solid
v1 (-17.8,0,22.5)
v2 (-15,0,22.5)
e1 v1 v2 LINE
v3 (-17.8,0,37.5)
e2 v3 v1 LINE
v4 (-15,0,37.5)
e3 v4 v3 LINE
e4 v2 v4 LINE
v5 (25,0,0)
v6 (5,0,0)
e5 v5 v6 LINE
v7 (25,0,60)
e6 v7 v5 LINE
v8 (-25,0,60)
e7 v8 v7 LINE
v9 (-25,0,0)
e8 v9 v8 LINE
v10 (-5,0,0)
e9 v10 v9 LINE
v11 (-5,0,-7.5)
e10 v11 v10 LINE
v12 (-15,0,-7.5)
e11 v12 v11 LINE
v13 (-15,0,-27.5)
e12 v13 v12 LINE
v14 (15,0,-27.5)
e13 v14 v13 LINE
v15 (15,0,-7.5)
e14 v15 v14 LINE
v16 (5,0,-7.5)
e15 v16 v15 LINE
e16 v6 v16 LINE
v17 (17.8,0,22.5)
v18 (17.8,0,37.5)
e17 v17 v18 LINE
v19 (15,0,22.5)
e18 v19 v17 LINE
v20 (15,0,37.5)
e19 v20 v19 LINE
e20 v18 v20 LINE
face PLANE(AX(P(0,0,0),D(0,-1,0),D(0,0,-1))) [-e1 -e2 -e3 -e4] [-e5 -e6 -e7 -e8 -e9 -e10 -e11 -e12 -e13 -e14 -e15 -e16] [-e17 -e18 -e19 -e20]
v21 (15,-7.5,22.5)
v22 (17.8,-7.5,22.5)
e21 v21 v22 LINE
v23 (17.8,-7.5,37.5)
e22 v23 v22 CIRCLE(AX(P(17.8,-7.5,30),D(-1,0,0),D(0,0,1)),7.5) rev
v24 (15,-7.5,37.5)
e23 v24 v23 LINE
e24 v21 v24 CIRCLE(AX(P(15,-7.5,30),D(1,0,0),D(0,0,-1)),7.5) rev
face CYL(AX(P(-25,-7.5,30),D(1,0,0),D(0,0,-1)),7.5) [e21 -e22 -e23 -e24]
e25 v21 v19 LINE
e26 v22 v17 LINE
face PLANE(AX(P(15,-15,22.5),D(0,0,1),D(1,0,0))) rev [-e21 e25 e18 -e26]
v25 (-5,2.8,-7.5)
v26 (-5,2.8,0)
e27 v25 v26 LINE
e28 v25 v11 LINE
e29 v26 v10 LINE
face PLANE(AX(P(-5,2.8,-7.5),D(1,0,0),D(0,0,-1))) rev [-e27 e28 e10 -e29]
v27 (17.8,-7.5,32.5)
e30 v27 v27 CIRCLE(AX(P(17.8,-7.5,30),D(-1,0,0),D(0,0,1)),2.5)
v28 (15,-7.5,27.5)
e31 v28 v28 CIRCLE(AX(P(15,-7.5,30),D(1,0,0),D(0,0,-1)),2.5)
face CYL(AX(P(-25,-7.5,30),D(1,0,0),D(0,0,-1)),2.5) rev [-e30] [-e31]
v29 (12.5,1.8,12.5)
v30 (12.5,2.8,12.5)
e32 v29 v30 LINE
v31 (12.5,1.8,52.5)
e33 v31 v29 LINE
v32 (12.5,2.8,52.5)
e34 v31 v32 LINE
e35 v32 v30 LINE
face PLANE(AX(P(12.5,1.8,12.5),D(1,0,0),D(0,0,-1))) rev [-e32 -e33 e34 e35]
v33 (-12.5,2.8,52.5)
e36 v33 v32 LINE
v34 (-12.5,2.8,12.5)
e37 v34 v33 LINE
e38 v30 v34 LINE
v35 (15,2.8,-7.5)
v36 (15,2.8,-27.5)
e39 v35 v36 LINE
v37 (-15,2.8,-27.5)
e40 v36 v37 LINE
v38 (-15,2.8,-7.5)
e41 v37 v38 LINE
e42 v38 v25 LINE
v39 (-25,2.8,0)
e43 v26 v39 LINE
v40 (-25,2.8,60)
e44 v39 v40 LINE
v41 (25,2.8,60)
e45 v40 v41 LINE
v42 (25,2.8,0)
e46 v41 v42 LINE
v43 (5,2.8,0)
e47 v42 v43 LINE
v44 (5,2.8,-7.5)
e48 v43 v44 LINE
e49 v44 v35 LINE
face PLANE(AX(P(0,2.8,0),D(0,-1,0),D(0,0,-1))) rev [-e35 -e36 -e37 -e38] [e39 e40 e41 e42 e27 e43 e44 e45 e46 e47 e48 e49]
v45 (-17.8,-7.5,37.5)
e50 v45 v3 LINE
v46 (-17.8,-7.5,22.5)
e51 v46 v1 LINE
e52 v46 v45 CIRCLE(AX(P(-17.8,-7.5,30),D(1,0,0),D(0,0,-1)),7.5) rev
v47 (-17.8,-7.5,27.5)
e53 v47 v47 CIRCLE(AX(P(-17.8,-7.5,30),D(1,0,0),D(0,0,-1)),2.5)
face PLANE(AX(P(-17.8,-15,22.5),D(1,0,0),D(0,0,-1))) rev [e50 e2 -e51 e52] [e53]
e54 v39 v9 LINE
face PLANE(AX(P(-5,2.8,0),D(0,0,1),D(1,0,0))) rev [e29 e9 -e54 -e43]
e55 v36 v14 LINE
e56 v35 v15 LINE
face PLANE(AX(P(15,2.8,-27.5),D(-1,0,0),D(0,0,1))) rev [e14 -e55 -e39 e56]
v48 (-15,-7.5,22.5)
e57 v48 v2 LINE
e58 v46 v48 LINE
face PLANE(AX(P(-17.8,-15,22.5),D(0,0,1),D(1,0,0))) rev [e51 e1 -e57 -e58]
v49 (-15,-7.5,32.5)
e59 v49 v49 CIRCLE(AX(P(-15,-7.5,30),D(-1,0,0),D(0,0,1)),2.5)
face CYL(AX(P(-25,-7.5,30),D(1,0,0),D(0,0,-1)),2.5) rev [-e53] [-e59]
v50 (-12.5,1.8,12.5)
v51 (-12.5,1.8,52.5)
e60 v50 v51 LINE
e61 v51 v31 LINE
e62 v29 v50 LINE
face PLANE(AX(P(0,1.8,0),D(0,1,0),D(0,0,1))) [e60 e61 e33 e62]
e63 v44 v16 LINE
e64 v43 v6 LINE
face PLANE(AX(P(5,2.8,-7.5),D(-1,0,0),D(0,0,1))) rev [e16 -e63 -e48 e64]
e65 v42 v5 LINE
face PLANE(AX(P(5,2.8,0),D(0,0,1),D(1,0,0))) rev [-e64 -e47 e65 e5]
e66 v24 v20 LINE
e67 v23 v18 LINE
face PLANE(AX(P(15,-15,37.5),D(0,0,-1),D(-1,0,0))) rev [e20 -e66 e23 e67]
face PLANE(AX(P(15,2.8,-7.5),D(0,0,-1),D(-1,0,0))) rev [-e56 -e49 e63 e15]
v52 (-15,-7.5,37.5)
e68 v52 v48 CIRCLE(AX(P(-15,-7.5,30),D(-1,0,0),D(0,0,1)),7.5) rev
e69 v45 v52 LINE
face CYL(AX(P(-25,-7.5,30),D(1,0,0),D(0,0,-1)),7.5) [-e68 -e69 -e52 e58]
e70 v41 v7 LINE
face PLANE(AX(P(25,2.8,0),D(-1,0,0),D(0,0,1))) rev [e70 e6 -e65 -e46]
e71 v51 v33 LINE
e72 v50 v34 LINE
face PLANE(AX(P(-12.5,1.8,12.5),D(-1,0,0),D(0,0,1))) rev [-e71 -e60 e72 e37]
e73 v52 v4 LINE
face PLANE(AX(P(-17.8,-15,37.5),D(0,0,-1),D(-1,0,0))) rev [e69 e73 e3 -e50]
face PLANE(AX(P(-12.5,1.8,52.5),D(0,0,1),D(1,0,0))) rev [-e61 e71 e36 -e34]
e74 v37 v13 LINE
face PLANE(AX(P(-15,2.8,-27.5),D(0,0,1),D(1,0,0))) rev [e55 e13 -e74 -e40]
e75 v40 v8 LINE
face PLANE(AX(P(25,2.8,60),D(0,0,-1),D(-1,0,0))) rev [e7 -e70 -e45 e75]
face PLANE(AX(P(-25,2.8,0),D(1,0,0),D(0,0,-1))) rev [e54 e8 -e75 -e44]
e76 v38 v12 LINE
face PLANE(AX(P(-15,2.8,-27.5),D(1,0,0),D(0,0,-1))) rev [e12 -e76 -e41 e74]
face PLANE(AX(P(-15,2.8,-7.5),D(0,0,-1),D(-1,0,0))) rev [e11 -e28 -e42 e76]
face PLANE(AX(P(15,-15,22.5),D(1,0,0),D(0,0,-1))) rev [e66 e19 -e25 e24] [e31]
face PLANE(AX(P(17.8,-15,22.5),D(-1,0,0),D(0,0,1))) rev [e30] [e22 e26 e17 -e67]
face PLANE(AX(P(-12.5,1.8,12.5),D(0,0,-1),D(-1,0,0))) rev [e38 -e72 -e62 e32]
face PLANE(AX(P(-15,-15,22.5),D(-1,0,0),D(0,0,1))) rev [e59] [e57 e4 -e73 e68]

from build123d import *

# Parameters (mm, degrees)
BOSS_EXTRUDE1_DEPTH     = 2.8
SKETCH3_W               = 25
SKETCH3_H               = 40
CUT_EXTRUDE1_DEPTH      = 1
SKETCH4_W               = 2.8
SKETCH4_H               = 15
BOSS_EXTRUDE2_DEPTH     = 15
CUT_EXTRUDE2_DEPTH      = 76.211967133
CUT_EXTRUDE2_DEPTH_BACK = 76.211967133
SKETCH5_R               = 2.5


with BuildPart() as part:
    # Sketch2 → Boss-Extrude1 (new body)
    with BuildSketch(Plane(origin=(0, 0, 0), x_dir=(1, 0, 0), z_dir=(0, 1, 0))):
        Polygon((-15, 27.5), (15, 27.5), (15, 7.5), (5, 7.5), (5, 0), (25, 0), (25, -60), (-25, -60), (-25, 0), (-5, 0), (-5, 7.5), (-15, 7.5), align=None)
    extrude(amount=BOSS_EXTRUDE1_DEPTH)

    # Sketch3 → Cut-Extrude1 (cut)
    with BuildSketch(Plane(origin=(0, 2.8, 0), x_dir=(1, 0, 0), z_dir=(0, 1, 0))):
        with Locations((0, -32.5)):
            Rectangle(SKETCH3_W, SKETCH3_H)
    extrude(amount=-CUT_EXTRUDE1_DEPTH, mode=Mode.SUBTRACT)

    # Sketch4 → Boss-Extrude2 (add)
    with BuildSketch(Plane.XZ):
        with Locations((16.4, 30)):
            Rectangle(SKETCH4_W, SKETCH4_H)
        with Locations((-16.4, 30)):
            Rectangle(SKETCH4_W, SKETCH4_H)
    extrude(amount=BOSS_EXTRUDE2_DEPTH)

    # Sketch5 → Cut-Extrude2 (cut, two sides: drawn at the far end of the back side and taken through both)
    with BuildSketch(Plane(origin=(17.8, 0, 0), x_dir=(0, 0, -1), z_dir=(1, 0, 0)).offset(-CUT_EXTRUDE2_DEPTH_BACK)):
        with Locations((-30, -7.5)):
            Circle(SKETCH5_R)
        with BuildLine():
            Line((-22.5, -16.5), (-37.5, -16.5))
            Line((-37.5, -16.5), (-37.5, -7.5))
            ThreePointArc((-37.5, -7.5), (-30, -15), (-22.5, -7.5))
            Line((-22.5, -7.5), (-22.5, -16.5))
        make_face()
    extrude(amount=CUT_EXTRUDE2_DEPTH + CUT_EXTRUDE2_DEPTH_BACK, mode=Mode.SUBTRACT)


solid = part.part
